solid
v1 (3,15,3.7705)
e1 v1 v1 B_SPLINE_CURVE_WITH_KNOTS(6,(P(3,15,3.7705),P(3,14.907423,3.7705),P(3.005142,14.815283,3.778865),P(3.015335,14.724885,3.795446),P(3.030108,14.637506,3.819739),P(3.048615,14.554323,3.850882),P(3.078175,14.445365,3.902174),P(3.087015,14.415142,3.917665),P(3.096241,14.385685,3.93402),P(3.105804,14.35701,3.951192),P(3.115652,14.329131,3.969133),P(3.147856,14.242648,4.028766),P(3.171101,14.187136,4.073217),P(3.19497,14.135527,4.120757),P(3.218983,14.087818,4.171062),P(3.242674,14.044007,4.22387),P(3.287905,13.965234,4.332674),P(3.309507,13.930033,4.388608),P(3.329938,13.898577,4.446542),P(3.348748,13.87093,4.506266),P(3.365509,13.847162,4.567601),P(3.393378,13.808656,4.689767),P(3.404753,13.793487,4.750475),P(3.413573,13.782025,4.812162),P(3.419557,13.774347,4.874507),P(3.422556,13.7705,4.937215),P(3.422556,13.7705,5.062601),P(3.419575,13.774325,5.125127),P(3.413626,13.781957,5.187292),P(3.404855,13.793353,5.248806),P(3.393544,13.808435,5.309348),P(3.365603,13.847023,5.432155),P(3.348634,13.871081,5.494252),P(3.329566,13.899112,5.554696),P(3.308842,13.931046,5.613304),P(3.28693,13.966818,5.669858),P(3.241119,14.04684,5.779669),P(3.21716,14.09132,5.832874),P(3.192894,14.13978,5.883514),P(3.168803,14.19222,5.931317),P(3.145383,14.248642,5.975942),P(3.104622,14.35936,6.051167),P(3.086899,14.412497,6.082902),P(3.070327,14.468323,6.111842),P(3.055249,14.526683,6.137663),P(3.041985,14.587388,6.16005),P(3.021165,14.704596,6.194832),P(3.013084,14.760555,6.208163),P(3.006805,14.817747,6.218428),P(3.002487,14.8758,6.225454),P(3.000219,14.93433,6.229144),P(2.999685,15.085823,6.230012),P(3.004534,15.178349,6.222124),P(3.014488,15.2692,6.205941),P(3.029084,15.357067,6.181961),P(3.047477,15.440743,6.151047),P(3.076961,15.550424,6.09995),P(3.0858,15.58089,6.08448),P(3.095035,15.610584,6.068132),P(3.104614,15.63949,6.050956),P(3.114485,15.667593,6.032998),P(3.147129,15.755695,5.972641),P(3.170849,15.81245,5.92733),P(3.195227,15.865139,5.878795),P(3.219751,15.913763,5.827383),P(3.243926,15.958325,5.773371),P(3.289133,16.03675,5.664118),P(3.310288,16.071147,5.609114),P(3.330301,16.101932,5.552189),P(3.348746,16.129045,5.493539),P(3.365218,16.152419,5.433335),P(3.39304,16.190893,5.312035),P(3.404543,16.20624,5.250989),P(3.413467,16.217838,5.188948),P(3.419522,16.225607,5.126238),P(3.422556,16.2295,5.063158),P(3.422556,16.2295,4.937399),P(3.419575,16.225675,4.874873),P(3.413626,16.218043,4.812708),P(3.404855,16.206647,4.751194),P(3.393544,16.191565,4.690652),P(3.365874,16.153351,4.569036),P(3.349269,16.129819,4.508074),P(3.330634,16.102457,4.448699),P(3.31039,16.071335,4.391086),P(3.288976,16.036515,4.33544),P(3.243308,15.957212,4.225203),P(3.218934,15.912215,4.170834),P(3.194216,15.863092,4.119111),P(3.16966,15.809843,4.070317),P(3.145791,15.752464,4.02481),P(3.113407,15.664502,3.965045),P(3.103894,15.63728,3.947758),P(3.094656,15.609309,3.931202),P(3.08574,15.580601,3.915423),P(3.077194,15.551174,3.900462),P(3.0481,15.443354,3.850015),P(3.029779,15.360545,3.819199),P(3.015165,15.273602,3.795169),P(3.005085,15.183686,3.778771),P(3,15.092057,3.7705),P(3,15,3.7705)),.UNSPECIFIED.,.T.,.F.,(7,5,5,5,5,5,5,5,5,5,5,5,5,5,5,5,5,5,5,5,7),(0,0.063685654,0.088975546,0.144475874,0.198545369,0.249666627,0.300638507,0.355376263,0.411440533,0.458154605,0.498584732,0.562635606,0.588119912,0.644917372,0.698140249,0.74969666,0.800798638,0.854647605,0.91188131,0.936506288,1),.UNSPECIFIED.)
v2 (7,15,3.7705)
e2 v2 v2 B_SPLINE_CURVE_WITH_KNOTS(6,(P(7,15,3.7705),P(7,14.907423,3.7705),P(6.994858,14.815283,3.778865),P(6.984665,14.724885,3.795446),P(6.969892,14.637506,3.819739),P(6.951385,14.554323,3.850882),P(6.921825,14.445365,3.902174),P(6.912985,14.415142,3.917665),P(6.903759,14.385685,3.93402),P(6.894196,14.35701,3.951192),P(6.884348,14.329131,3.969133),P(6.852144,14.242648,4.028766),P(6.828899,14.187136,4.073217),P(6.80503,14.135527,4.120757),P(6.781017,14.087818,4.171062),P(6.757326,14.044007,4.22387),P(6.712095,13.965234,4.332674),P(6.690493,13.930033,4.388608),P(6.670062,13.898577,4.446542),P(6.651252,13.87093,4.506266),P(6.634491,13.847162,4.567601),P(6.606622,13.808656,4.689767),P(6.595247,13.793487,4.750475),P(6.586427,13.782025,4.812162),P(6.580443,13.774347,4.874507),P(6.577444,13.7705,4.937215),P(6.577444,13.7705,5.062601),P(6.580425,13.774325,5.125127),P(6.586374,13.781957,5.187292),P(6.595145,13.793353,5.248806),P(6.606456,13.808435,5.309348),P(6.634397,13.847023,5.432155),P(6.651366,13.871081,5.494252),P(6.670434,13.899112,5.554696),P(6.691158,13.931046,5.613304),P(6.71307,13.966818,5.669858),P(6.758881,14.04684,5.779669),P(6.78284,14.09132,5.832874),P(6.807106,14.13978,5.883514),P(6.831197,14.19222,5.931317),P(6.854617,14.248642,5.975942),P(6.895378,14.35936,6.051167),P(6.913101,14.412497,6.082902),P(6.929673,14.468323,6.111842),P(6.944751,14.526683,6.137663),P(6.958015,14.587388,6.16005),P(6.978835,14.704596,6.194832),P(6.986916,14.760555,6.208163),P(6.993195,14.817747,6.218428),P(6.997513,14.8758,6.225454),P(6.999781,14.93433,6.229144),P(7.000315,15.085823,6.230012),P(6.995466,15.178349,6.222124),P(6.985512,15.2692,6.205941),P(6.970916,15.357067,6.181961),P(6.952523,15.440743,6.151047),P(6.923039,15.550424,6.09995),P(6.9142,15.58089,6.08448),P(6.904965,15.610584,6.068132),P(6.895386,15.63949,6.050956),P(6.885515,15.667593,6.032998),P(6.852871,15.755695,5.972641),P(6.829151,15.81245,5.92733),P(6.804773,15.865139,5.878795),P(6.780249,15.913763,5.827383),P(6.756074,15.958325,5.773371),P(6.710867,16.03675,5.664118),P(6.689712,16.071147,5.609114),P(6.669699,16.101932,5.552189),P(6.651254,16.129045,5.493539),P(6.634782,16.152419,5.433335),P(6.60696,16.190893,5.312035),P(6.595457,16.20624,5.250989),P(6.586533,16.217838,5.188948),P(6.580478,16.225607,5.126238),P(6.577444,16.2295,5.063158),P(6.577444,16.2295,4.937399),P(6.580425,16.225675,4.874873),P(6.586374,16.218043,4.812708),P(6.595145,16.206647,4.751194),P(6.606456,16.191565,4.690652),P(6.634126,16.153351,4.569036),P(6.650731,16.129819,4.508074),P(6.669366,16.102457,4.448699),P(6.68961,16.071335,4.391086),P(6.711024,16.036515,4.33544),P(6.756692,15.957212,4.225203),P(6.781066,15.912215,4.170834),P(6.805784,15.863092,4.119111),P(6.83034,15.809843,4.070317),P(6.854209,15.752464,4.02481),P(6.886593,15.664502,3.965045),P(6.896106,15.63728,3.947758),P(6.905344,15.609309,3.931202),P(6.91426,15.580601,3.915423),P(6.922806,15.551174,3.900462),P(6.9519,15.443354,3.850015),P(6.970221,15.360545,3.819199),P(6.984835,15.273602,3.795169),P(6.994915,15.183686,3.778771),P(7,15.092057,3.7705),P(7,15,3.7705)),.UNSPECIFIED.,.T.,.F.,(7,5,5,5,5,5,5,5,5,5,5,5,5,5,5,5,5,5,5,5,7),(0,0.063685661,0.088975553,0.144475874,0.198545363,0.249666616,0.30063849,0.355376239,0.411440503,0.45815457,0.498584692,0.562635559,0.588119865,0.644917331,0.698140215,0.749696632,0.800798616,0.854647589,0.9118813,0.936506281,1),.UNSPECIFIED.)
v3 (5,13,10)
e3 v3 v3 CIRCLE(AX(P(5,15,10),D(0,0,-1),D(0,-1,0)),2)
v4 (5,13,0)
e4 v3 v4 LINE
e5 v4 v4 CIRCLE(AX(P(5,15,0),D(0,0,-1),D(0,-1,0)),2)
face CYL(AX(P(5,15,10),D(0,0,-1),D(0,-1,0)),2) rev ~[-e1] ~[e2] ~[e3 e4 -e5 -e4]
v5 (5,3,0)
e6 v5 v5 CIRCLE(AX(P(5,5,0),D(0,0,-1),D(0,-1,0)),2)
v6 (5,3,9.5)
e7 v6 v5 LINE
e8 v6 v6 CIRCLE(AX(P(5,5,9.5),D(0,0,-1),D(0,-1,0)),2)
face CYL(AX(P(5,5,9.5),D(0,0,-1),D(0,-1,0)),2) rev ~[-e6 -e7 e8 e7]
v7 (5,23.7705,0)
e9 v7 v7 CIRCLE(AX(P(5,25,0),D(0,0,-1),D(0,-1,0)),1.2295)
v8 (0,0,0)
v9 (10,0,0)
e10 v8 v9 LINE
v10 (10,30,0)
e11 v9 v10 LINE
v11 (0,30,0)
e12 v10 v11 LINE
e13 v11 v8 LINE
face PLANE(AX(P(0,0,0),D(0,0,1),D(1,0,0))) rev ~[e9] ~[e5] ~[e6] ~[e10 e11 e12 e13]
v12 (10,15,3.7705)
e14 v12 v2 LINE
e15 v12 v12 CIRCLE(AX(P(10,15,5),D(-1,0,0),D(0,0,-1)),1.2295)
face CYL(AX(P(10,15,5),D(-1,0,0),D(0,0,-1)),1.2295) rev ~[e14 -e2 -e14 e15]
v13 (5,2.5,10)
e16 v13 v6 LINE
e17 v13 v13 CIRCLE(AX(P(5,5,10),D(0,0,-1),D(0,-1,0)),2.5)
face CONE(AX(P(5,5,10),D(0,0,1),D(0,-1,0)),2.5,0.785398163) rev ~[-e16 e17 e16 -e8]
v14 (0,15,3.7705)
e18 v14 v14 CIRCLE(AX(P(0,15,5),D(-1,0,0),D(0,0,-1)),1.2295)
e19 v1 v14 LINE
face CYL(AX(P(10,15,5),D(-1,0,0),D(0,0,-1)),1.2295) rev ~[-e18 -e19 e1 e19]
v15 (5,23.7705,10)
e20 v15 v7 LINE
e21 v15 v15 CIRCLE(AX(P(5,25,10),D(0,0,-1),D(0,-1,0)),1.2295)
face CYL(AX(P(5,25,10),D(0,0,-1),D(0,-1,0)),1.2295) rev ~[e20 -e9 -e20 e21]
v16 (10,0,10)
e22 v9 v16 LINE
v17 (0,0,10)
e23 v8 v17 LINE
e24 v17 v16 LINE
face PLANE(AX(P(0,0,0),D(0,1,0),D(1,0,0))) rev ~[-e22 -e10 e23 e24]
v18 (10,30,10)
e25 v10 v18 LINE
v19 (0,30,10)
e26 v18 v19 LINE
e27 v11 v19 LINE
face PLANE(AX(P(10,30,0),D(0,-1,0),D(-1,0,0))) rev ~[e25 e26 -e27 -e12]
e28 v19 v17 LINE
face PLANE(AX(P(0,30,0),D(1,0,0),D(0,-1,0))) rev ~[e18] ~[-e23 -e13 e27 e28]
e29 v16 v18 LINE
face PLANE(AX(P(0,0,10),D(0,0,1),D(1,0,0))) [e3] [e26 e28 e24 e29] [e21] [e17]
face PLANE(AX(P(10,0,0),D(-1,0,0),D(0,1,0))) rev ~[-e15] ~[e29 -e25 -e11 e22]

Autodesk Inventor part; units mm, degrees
ref_plane "YZ Plane" through (0, 0, 0) normal (1, 0, 0) x (0, 1, 0)
ref_plane "XZ Plane" through (0, 0, 0) normal (0, 1, 0) x (-1, 0, 0)
ref_plane "XY Plane" through (0, 0, 0) normal (0, 0, 1) x (1, 0, 0)
sketch "スケッチ1" plane through (0, 0, 0) normal (0, 0, 1) x (1, 0, 0)
  line L0 (0, 0) -> (10, 0)
  line L1 (10, 0) -> (10, 30)
  line L2 (10, 30) -> (0, 30)
  line L3 (0, 30) -> (0, 0)
  dimension "d0" = 10
  dimension "d1" = 30
extrude "押し出し1" add sketch "スケッチ1" along normal blind 10
sketch "スケッチ2" plane through (0, 0, 10) normal (0, 0, 1) x (1, 0, 0)
  line L0 (10, 30) -> (0, 30) projected
  line L1 (10, 0) -> (10, 30) projected
  point P0 (0, 0)
  point P1 (5, 15)
  dimension "d4" = 15
  dimension "d5" = 5
hole "穴1" at (5, 15, 10) direction (0, 0, -1) diameter 4 end through all
sketch "スケッチ3" plane through (0, 0, 10) normal (0, 0, 1) x (1, 0, 0)
  point P0 (0, 0)
sketch "スケッチ4" plane through (0, 0, 10) normal (0, 0, 1) x (1, 0, 0)
  line L0 (10, 30) -> (0, 30) projected
  line L1 (10, 0) -> (10, 30) projected
  point P0 (0, 0)
  point P1 (5, 25)
  dimension "d13" = 5
  dimension "d14" = 5
hole "穴2" at (5, 25, 10) direction (0, 0, -1) diameter 2.459 end through all thread size "M3x0.5" class "6H" standard "ANSI Metric M Profile"
sketch "スケッチ6" plane through (10, 0, 0) normal (1, 0, 0) x (0, 0, -1)
  line L0 (0, 0) -> (0, 30) projected
  line L1 (0, 30) -> (-10, 30) projected
  point P0 (-5, 15)
  dimension "d31" = 5
  dimension "d32" = 15
hole "穴4" at (10, 15, 5) direction (-1, 0, 0) diameter 2.459 end through all thread size "M3x0.5" class "6H" standard "ANSI Metric M Profile"
sketch "スケッチ8" plane through (0, 0, 10) normal (0, 0, 1) x (1, 0, 0)
  line L0 (10, 0) -> (10, 30) projected
  line L1 (0, 0) -> (10, 0) projected
  point P0 (5, 5)
  dimension "d49" = 5
  dimension "d50" = 5
hole "穴6" at (5, 5, 10) direction (0, 0, -1) diameter 4 depth 10 tip angle 118 countersink diameter 5 countersink angle 90
properties part number "3SR05_振子固定パーツA"
